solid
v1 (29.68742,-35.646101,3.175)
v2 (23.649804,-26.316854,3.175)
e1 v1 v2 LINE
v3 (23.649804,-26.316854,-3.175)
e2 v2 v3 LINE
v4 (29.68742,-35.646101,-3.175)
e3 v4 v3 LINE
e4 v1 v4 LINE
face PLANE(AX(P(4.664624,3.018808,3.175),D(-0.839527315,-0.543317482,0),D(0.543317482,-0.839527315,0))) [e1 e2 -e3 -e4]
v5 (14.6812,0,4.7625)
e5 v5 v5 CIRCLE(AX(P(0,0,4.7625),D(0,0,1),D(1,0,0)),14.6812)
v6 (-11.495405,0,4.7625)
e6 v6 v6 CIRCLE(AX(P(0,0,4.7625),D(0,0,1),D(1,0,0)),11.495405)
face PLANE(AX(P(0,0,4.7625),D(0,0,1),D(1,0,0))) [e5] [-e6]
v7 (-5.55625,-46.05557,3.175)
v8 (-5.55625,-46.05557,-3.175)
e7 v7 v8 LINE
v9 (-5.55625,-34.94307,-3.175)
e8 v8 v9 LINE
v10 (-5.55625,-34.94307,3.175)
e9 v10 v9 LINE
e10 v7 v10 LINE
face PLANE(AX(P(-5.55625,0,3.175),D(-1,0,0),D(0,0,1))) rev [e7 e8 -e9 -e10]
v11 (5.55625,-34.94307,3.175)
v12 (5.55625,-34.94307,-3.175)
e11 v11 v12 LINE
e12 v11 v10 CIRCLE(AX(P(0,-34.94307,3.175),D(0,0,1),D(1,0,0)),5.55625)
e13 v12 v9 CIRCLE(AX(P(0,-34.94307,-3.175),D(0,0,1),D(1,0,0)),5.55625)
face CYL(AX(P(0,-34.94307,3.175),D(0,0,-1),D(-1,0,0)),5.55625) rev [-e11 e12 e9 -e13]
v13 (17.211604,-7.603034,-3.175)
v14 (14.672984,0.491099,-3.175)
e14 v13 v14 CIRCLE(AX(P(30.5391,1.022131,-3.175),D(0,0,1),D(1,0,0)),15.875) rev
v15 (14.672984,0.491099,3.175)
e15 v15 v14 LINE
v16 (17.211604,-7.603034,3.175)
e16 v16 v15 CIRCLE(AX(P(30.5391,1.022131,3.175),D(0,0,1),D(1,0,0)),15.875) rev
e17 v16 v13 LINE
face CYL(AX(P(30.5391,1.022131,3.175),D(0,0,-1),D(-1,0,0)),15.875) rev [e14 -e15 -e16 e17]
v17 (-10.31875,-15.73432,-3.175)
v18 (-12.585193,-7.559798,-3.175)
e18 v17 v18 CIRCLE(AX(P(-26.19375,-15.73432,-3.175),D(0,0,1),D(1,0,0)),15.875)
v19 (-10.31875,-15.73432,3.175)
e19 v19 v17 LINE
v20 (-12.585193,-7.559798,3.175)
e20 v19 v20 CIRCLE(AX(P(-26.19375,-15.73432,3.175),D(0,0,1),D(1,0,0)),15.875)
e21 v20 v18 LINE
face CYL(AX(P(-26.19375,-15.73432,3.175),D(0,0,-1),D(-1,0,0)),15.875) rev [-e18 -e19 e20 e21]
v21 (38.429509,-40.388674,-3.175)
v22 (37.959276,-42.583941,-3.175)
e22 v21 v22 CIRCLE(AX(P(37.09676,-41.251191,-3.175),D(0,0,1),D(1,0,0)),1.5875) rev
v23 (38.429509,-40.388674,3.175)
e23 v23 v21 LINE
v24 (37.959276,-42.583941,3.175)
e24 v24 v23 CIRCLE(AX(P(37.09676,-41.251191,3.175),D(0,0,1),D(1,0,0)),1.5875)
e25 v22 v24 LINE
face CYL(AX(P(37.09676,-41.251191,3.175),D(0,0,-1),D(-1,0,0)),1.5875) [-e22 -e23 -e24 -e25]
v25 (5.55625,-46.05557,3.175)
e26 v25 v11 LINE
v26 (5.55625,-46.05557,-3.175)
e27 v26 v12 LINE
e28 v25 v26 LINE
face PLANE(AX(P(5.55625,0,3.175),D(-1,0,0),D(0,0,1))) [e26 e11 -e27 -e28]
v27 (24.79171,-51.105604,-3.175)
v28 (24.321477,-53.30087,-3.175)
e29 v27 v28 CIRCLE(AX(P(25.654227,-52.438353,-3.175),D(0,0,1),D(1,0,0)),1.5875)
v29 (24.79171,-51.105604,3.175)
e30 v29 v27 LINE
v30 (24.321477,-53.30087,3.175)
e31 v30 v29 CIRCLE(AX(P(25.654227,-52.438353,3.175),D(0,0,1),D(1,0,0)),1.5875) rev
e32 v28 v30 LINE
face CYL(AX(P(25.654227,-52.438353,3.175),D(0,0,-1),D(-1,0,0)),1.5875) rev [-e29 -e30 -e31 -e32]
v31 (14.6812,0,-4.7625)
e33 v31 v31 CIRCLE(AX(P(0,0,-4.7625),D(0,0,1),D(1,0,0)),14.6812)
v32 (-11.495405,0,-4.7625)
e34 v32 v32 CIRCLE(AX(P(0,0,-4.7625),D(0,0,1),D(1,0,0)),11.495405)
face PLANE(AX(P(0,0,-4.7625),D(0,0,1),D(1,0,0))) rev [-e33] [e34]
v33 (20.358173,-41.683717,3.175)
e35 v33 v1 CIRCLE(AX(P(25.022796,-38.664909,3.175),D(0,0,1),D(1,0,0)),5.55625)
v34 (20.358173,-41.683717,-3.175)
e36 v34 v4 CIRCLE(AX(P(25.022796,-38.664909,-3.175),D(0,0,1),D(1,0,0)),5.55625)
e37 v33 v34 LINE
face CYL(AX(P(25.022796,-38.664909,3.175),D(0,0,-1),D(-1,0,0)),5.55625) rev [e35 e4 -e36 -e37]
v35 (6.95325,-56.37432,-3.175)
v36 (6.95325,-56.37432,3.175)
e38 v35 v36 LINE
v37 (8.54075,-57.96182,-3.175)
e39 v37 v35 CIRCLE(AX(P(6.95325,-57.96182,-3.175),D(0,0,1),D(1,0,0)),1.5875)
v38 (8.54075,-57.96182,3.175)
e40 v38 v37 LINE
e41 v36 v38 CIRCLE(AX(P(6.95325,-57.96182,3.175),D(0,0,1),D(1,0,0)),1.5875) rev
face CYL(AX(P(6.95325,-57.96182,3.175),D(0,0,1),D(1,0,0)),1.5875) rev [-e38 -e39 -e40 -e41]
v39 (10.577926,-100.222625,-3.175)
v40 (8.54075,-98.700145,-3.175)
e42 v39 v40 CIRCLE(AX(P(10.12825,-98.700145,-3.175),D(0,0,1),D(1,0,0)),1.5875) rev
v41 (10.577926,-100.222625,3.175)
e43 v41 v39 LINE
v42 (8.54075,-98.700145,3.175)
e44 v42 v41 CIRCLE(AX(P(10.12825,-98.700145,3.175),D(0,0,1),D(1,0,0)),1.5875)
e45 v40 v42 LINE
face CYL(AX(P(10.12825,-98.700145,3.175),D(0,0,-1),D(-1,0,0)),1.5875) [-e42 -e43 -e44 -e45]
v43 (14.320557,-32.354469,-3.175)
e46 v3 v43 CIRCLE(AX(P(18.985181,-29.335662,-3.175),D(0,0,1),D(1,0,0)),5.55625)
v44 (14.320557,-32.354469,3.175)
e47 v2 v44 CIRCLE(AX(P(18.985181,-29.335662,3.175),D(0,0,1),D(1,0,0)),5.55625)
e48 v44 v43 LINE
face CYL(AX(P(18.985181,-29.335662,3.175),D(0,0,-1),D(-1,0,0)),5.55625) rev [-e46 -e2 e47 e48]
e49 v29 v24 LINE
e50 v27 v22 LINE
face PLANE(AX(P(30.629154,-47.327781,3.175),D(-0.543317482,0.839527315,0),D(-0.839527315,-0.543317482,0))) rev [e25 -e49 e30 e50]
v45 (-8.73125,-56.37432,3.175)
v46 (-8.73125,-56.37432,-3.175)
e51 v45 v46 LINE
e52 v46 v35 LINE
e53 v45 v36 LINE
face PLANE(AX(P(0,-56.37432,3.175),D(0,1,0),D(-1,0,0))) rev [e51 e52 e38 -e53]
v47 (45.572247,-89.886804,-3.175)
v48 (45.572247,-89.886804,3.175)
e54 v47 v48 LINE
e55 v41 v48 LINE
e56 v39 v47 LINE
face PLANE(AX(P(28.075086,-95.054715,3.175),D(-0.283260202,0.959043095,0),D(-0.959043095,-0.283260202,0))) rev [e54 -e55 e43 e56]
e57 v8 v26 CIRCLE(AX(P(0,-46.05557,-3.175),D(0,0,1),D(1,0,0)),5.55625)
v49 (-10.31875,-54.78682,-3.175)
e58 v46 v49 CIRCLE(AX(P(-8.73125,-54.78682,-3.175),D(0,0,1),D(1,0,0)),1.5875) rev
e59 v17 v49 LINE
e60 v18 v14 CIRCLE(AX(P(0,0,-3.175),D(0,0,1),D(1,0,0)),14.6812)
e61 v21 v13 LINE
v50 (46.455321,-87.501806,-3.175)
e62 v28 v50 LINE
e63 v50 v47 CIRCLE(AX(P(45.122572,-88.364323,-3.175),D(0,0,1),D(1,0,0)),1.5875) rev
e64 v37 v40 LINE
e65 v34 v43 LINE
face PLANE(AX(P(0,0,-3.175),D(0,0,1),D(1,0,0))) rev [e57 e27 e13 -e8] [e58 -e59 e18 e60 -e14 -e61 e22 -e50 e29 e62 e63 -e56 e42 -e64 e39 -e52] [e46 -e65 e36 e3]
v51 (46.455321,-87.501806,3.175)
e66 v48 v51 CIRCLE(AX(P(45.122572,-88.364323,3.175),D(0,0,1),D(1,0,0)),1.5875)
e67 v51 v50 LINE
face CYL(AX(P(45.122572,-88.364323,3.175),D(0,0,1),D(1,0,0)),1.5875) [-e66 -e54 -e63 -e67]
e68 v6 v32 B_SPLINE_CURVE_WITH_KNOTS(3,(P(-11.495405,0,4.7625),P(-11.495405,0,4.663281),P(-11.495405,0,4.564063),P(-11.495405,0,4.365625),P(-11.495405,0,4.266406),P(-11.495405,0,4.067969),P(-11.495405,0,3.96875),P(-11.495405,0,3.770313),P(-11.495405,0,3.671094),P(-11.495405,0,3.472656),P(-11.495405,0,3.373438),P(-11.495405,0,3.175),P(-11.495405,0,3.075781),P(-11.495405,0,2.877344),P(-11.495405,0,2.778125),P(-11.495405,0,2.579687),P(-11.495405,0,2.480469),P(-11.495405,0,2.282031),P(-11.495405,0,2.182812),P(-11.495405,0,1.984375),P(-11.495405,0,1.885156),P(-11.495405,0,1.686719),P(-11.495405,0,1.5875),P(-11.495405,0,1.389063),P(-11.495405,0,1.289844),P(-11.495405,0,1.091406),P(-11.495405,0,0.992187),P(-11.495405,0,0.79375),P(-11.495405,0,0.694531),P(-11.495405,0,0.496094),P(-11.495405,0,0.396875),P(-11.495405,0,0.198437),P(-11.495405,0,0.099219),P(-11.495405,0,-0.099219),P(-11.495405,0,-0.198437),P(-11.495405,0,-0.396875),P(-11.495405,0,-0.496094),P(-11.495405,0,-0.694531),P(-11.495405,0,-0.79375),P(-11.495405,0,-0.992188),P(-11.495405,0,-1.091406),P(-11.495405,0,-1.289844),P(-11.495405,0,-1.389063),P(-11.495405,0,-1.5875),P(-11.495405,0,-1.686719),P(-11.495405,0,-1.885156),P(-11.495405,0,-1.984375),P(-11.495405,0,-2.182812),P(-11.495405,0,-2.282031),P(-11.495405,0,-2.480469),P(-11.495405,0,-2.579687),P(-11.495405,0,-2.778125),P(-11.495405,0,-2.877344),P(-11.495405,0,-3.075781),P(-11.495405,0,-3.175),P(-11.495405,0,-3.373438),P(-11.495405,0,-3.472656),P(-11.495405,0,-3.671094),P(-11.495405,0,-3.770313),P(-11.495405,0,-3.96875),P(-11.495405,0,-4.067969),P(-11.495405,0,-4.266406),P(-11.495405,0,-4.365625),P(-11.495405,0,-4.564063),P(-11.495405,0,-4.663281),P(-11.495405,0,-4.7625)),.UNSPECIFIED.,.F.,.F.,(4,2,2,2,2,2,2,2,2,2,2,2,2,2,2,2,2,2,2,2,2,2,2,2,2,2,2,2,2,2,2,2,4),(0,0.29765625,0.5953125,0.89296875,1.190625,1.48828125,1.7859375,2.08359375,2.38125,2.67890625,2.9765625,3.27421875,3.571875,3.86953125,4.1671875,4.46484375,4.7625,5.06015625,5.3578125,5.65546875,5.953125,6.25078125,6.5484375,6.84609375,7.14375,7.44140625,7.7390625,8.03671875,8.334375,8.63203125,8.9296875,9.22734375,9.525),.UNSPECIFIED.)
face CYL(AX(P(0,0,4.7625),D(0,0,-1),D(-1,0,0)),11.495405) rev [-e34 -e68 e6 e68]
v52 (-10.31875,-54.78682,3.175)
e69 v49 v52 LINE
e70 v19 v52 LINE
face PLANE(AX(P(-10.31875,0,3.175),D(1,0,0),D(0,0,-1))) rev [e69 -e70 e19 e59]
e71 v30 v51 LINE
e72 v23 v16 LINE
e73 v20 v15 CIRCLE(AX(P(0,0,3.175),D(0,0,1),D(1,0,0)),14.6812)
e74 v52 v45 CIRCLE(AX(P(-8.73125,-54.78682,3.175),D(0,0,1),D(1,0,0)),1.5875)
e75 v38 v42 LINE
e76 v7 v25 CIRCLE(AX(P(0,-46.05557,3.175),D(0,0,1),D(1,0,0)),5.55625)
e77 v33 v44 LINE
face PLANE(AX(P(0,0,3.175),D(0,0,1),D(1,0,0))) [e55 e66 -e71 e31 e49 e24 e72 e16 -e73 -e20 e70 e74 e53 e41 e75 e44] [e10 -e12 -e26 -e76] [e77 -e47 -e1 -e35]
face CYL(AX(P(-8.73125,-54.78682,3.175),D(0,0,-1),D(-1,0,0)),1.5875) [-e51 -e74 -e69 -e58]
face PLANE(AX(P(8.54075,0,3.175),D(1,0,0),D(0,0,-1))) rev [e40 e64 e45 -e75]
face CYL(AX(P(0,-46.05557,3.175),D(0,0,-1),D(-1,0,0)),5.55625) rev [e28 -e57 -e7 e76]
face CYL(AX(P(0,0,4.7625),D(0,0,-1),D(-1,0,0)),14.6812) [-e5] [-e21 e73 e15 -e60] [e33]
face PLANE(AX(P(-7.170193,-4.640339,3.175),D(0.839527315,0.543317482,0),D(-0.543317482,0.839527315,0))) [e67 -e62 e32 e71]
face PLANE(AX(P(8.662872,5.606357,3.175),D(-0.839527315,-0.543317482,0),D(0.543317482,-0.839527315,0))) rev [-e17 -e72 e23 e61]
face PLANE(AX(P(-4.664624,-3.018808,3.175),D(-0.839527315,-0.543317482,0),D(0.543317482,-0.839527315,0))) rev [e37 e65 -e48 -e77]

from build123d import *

# Parameters (mm, degrees)
SKETCH1_R           = 11.495405
BOSS_EXTRUDE2_DEPTH = 4.7625
BOSS_EXTRUDE3_DEPTH = 3.175
FILLET1_R           = 1.5875


with BuildPart() as part:
    # Sketch1 → Boss-Extrude2 (new, symmetric)
    with BuildSketch(Plane.XY):
        with BuildLine():
            ThreePointArc((14.672983865, 0.491098707), (-4.158599684, 14.079903484), (-12.585193267, -7.559797873))
            ThreePointArc((-12.585193267, -7.559797873), (4.158599684, -14.079903484), (14.672983865, 0.491098707))
        make_face()
        Circle(SKETCH1_R, mode=Mode.SUBTRACT)
    extrude(amount=BOSS_EXTRUDE2_DEPTH, both=True)

    # Sketch1<4> → Boss-Extrude3 (add, symmetric)
    with BuildSketch(Plane.XY):
        with BuildLine():
            ThreePointArc((-12.585193267, -7.559797873), (-10.89585042, -11.492870345), (-10.31875, -15.734319794))
            Line((-10.31875, -15.734319794), (-10.31875, -56.374319794))
            Line((-10.31875, -56.374319794), (8.54075, -56.374319794))
            Line((8.54075, -56.374319794), (8.54075, -100.824319794))
            Line((8.54075, -100.824319794), (47.609422672, -89.285109315))
            Line((47.609422672, -89.285109315), (23.458960581, -51.968120144))
            Line((23.458960581, -51.968120144), (39.292025986, -41.721424085))
            Line((39.292025986, -41.721424085), (17.211603503, -7.603033986))
            ThreePointArc((17.211603503, -7.603033986), (15.391641433, -3.728672569), (14.672983865, 0.491098707))
            ThreePointArc((14.672983865, 0.491098707), (4.158599684, -14.079903484), (-12.585193267, -7.559797873))
        make_face()
        with BuildLine():
            ThreePointArc((5.55625, -46.055569794), (0, -51.611819794), (-5.55625, -46.055569794))
            Line((-5.55625, -46.055569794), (-5.55625, -34.943069794))
            ThreePointArc((-5.55625, -34.943069794), (0, -29.386819794), (5.55625, -34.943069794))
            Line((5.55625, -34.943069794), (5.55625, -46.055569794))
        make_face(mode=Mode.SUBTRACT)
        with BuildLine():
            ThreePointArc((29.687419875, -35.646101109), (28.04160399, -43.329532516), (20.358172583, -41.683716631))
            Line((20.358172583, -41.683716631), (14.32055706, -32.354469339))
            ThreePointArc((14.32055706, -32.354469339), (15.966372945, -24.671037931), (23.649804353, -26.316853816))
            Line((23.649804353, -26.316853816), (29.687419875, -35.646101109))
        make_face(mode=Mode.SUBTRACT)
    extrude(amount=BOSS_EXTRUDE3_DEPTH, both=True)

    # Fillet1
    fillet1_edges = [part.edges().sort_by_distance(p)[0] for p in [
        (-10.31875, -56.374319794, 0),
        (39.292025986, -41.721424085, 0),
        (8.54075, -100.824319794, 0),
        (47.609422672, -89.285109315, 0),
        (23.458960581, -51.968120144, 0),
        (8.54075, -56.374319794, 0),
    ]]
    fillet(fillet1_edges, radius=FILLET1_R)


solid = part.part
